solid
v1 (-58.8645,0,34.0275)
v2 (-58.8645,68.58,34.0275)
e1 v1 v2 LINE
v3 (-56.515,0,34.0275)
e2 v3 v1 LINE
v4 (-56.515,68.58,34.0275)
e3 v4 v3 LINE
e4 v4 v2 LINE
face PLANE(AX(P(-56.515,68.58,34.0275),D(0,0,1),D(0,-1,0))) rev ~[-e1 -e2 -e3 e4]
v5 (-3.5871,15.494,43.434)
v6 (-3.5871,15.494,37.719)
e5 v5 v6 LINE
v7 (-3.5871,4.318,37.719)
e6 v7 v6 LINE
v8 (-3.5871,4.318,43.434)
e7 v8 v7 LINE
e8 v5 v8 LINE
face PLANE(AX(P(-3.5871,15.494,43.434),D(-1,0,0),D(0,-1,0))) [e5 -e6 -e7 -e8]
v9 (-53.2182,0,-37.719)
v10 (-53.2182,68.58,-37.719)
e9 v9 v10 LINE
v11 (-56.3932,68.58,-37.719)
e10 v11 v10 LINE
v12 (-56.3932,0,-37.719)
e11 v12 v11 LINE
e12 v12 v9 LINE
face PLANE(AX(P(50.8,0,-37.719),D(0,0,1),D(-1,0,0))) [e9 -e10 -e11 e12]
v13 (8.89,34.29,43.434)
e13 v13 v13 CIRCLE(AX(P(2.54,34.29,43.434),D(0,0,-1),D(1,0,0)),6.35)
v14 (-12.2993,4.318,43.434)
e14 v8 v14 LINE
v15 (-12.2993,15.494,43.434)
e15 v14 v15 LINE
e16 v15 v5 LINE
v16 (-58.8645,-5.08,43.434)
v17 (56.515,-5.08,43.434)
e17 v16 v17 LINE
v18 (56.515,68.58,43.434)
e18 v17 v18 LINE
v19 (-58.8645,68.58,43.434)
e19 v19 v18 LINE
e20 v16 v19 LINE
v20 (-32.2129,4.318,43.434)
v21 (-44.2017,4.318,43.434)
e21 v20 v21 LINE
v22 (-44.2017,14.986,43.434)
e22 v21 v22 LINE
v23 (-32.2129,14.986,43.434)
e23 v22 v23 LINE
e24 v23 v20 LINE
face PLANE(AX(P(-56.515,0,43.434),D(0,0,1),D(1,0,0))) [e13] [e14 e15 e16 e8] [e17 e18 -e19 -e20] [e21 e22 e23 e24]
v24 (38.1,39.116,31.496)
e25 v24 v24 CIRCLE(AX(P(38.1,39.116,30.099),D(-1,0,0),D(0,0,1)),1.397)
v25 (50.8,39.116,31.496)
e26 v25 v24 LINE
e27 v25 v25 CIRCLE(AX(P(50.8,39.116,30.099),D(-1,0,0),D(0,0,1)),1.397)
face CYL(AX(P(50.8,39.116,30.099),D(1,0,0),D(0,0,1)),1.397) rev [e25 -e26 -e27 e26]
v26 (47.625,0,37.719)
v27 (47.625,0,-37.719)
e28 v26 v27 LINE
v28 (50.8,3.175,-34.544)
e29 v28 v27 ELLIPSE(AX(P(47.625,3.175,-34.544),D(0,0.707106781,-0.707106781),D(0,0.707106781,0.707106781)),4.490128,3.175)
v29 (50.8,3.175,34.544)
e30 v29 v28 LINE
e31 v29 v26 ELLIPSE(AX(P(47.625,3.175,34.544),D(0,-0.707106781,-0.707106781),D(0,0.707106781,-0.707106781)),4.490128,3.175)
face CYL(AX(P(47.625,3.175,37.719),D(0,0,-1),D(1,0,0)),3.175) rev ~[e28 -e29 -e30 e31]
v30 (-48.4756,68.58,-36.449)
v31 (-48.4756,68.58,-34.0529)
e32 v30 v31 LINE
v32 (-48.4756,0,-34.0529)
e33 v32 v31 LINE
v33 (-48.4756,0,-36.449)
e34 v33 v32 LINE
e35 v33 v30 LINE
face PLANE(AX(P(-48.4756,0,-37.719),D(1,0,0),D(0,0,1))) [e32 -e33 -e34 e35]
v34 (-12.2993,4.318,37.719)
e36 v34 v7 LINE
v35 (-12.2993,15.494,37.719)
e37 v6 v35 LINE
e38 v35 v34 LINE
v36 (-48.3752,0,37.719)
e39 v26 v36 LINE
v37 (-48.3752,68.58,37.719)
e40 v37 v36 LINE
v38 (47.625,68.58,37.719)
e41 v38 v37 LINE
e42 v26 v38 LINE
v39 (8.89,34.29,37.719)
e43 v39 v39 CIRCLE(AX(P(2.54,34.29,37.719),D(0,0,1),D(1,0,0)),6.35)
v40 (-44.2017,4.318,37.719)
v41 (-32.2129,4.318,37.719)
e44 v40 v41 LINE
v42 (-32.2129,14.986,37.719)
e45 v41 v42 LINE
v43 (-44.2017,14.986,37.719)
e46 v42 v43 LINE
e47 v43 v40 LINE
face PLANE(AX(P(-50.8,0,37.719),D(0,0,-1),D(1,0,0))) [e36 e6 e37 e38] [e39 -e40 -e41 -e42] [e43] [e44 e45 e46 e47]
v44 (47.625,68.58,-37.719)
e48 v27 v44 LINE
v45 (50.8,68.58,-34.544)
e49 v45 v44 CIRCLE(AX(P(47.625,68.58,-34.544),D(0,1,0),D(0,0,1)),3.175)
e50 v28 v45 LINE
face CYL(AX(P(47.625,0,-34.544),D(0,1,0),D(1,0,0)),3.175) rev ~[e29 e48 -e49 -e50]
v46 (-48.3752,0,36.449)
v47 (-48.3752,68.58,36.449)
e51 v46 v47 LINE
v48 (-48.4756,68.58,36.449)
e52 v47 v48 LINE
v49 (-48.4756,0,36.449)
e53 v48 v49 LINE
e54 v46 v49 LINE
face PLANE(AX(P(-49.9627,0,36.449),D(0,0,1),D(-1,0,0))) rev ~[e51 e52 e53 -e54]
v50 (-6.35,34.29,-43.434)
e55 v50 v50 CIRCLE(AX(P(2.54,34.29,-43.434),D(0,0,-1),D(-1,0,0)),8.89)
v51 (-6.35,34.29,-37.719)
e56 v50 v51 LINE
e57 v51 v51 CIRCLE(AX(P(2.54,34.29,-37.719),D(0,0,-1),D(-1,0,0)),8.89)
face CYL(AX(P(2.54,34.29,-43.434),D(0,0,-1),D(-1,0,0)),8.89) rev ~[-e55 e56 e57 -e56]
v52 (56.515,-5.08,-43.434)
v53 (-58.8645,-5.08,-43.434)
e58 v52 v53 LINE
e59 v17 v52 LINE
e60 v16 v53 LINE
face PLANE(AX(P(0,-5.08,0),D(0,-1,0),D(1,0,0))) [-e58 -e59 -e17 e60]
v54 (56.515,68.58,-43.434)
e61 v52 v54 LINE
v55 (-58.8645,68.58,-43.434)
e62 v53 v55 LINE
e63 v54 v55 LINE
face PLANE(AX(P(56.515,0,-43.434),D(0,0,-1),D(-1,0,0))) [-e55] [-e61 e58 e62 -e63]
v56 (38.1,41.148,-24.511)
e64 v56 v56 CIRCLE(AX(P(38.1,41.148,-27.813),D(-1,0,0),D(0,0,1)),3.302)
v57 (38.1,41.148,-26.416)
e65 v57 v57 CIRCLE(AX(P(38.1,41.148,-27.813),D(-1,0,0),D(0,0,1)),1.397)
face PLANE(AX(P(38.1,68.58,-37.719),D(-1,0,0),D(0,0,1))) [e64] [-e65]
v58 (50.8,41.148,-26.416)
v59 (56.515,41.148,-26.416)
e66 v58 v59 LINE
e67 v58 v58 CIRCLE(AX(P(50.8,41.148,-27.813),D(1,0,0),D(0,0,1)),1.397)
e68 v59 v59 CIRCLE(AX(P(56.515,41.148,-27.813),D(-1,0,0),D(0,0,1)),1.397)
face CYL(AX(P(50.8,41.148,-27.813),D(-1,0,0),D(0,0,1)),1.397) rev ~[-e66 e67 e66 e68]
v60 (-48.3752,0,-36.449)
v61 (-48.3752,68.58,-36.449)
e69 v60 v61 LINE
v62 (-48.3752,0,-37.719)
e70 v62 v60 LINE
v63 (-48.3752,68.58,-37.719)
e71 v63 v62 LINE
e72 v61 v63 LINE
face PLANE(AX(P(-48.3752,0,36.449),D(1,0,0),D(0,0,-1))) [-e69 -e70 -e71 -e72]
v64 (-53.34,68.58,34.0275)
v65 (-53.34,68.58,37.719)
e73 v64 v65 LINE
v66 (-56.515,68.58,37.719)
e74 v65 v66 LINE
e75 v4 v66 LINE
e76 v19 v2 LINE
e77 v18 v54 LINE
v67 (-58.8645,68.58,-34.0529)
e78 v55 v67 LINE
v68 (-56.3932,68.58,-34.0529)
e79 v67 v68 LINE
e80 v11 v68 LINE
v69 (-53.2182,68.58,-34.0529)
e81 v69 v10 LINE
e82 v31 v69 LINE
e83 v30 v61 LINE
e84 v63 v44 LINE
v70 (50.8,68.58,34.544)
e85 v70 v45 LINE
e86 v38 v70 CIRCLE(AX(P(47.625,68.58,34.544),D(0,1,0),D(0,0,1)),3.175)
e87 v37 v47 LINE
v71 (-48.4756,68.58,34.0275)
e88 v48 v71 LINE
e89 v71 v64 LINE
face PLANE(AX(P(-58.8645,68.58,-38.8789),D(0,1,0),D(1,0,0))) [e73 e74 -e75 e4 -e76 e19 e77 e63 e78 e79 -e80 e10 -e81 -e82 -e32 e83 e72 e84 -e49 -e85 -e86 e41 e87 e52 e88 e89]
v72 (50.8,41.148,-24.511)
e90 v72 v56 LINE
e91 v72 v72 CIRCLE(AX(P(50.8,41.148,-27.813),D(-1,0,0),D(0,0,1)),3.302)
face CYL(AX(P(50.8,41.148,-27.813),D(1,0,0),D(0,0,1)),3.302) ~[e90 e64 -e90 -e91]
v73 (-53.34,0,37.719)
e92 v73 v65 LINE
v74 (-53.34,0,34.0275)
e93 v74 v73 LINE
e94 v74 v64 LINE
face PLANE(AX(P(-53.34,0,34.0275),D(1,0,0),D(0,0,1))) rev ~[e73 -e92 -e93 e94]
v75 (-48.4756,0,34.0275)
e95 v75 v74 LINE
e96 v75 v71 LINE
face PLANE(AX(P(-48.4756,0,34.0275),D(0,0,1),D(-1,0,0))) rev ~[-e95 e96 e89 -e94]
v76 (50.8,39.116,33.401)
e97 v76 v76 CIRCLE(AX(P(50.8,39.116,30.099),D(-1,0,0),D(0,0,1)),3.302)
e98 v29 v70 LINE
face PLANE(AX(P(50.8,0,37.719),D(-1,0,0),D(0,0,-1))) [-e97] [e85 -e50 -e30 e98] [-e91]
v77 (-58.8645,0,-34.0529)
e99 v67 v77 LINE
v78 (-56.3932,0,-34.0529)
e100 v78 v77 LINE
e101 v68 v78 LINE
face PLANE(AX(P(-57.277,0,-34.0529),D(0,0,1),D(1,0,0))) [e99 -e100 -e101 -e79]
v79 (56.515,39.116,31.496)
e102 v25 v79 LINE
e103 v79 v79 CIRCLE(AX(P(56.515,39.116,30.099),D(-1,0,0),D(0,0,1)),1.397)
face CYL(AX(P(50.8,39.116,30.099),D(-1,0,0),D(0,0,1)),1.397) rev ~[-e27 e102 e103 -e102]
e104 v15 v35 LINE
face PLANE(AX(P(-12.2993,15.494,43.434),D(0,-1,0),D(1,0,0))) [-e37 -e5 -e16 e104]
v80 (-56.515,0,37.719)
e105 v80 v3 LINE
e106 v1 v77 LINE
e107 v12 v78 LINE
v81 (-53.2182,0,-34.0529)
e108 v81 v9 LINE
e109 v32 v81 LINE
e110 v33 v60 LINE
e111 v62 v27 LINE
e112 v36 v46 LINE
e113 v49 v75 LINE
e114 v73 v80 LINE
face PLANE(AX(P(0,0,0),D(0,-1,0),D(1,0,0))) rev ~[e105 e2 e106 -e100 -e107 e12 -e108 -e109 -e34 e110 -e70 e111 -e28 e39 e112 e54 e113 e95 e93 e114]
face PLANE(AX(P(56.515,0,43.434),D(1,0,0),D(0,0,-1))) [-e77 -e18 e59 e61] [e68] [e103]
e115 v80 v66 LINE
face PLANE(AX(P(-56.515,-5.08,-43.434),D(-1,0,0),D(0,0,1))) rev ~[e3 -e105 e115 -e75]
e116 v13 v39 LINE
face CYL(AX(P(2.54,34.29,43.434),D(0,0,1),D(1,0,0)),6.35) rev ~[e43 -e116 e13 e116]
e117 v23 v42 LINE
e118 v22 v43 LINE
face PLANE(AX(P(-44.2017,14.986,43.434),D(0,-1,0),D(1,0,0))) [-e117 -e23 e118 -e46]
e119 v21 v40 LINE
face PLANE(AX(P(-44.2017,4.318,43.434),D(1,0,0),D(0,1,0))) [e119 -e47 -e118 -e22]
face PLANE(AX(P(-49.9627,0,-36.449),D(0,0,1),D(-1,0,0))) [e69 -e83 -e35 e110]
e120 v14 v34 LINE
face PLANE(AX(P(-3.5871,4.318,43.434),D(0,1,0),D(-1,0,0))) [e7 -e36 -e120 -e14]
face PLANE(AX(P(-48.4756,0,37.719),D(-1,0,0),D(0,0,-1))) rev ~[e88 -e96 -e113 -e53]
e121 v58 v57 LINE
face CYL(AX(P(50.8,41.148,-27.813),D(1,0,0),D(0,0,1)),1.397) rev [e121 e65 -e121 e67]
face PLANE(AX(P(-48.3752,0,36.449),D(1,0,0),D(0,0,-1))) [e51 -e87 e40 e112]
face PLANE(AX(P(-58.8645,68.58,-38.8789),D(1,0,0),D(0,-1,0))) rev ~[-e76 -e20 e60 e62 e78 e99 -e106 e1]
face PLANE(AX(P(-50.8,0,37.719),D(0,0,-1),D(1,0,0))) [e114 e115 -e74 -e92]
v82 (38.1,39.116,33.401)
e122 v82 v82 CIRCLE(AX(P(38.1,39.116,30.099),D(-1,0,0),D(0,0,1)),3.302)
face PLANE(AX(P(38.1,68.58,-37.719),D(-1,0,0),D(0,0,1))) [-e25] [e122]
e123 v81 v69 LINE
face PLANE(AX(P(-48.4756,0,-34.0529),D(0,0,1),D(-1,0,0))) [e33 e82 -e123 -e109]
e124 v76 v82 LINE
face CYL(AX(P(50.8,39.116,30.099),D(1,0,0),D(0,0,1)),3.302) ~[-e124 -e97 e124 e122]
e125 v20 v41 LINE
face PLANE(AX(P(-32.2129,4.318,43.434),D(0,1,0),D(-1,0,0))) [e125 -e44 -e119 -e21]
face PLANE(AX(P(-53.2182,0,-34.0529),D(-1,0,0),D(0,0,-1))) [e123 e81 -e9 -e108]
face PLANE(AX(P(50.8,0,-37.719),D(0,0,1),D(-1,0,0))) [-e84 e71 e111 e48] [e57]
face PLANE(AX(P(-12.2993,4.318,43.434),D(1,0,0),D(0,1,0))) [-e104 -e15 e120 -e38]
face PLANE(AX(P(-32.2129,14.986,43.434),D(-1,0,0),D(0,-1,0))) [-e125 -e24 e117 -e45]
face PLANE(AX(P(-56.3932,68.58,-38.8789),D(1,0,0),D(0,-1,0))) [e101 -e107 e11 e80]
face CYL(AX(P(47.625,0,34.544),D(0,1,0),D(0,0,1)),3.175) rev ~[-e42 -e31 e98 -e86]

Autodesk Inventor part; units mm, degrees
ref_plane "YZ Plane" through (0, 0, 0) normal (1, 0, 0) x (0, 1, 0)
ref_plane "XZ Plane" through (0, 0, 0) normal (0, 1, 0) x (-1, 0, 0)
ref_plane "XY Plane" through (0, 0, 0) normal (0, 0, 1) x (1, 0, 0)
sketch "Sketch1" plane through (0, 0, 0) normal (0, 1, 0) x (-1, 0, 0)
  line L0 (50.8, 37.719) -> (-50.8, 37.719)
  line L1 (-50.8, 37.719) -> (-50.8, -37.719)
  line L2 (-50.8, -37.719) -> (50.8, -37.719)
  line L3 (50.8, -37.719) -> (50.8, 37.719)
  line L4 (50.8, 37.719) -> (-50.8, -37.719) construction
  line L5 (-50.8, 37.719) -> (50.8, -37.719) construction
  line L6 (56.515, 43.434) -> (-56.515, 43.434)
  line L7 (-56.515, 43.434) -> (-56.515, -43.434)
  line L8 (-56.515, -43.434) -> (56.515, -43.434)
  line L9 (56.515, -43.434) -> (56.515, 43.434)
  line L10 (56.515, 43.434) -> (-56.515, -43.434) construction
  line L11 (-56.515, 43.434) -> (56.515, -43.434) construction
  point P0 (0, 0)
  dimension "d0" = 101.6
  dimension "d1" = 75.438
  dimension "d2" = 113.03
  dimension "d3" = 86.868
extrude "Extrusion1" add sketch "Sketch1" along normal blind 68.58
sketch "Sketch2" plane through (0, 0, 0) normal (0, -1, 0) x (1, 0, 0)
  line L0 (-50.8, 37.719) -> (50.8, 37.719) projected
  line L1 (-50.8, 37.719) -> (-41.656, 37.719)
  line L2 (-50.8, 37.719) -> (-50.8, -37.719) projected
  line L3 (-41.656, 37.719) -> (-50.8, 37.719)
  line L4 (-50.8, 37.719) -> (-41.656, 37.719)
  point P0 (0, 0)
  dimension "d6" = 9.144
sketch "Sketch3" plane through (-56.515, 0, 43.434) normal (0, 0, 1) x (1, 0, 0)
  line L0 (12.3133, 0) -> (12.3133, 10.668)
  line L1 (12.3133, 10.668) -> (12.3133, 14.986)
  line L2 (12.3133, 14.986) -> (24.3021, 14.986)
  line L3 (24.3021, 14.986) -> (24.3021, 4.318)
  line L4 (24.3021, 4.318) -> (12.3133, 4.318)
  line L5 (0, 0) -> (113.03, 0) projected
  line L6 (24.3021, 4.318) -> (44.2157, 4.318)
  line L7 (44.2157, 4.318) -> (44.2157, 15.494)
  line L8 (44.2157, 15.494) -> (52.9279, 15.494)
  line L9 (52.9279, 15.494) -> (52.9279, 4.318)
  line L10 (52.9279, 4.318) -> (44.2157, 4.318)
  point P0 (56.515, 0)
  dimension "d7" = 10.668
  dimension "d8" = 4.318
  dimension "d9" = 11.9888
  dimension "d10" = 10.668
  dimension "d11" = 19.9136
  dimension "d12" = 11.176
  dimension "d13" = 8.7122
extrude "Extrusion2" cut sketch "Sketch3" against normal blind 68.58
sketch "Sketch4" plane through (50.8, 0, 37.719) normal (-1, 0, 0) x (0, 0, 1)
  line L0 (0, 0) -> (-75.438, 0) projected
  line L1 (-75.438, 0) -> (-34.29, 0)
  line L2 (-34.29, 0) -> (-75.438, 0)
  line L3 (-75.438, 0) -> (-75.438, 68.58) projected
  line L4 (-75.438, 0) -> (-75.438, 41.148)
  line L5 (-75.438, 41.148) -> (-65.532, 41.148)
  line L6 (-65.532, 41.148) -> (-75.438, 41.148)
  line L7 (0, 0) -> (0, 68.58) projected
  line L8 (0, 68.58) -> (0, 39.116)
  line L9 (0, 39.116) -> (0, 46.736)
  line L10 (0, 46.736) -> (0, 39.116)
  line L11 (0, 39.116) -> (-7.62, 39.116)
  line L12 (-7.62, 39.116) -> (0, 39.116)
  circle A0 centre (-7.62, 39.116) radius 1.397
  circle A1 centre (-65.532, 41.148) radius 1.397
  point P0 (-37.719, 0)
  dimension "d16" = 41.148
  dimension "d17" = 41.148
  dimension "d18" = 9.906
  dimension "d19" = 29.464
  dimension "d20" = 7.62
  dimension "d21" = 7.62
  dimension "d22" = 2.794
  dimension "d23" = 2.794
extrude "Extrusion3" cut sketch "Sketch4" against normal blind 68.58
sketch "Sketch5" plane through (-56.515, 0, 43.434) normal (0, 0, 1) x (1, 0, 0)
  point P0 (56.515, 0)
sketch "Sketch6" plane through (-56.515, 0, 43.434) normal (0, 0, 1) x (1, 0, 0)
  line L0 (0, 0) -> (0, 68.58) projected
  line L1 (113.03, 0) -> (113.03, 68.58) projected
  line L2 (0, 68.58) -> (113.03, 0)
  line L3 (113.03, 0) -> (0, 68.58)
  line L4 (0, 68.58) -> (113.03, 68.58) projected
  line L5 (113.03, 68.58) -> (5.08, 0)
  line L6 (5.08, 0) -> (113.03, 68.58)
  circle A0 centre (59.055, 34.29) radius 6.35
  point P0 (56.515, 0)
  dimension "d26" = 12.7
extrude "Extrusion4" cut sketch "Sketch6" against normal blind 109.855 contours A0 L5 L2 | L2 L5 A0 | L5 L2 A0 | L5 A0 L2
sketch "Sketch7" plane through (0, 0, 0) normal (0, -1, 0) x (1, 0, 0)
  line L0 (-56.515, 43.434) -> (56.515, 43.434) projected
  line L1 (56.515, 43.434) -> (56.515, -43.434) projected
  line L2 (-56.515, 43.434) -> (56.515, 43.434)
  line L3 (56.515, 43.434) -> (56.515, -43.434)
  line L4 (56.515, -43.434) -> (-56.515, -43.434)
  line L5 (-56.515, -43.434) -> (-56.515, 43.434)
  point P0 (0, 0)
extrude "Extrusion5" add sketch "Sketch7" along normal blind 5.08
sketch "Sketch9" plane through (0, 68.58, 0) normal (0, 1, 0) x (1, 0, 0)
  point P0 (0, 0)
sketch "Sketch10" plane through (50.8, 68.58, -37.719) normal (-1, 0, 0) x (0, 0, 1)
  circle A0 centre (67.818, -29.464) radius 1.397 projected
  circle A1 centre (67.818, -29.464) radius 3.302
  circle A2 centre (9.906, -27.432) radius 1.397 projected
  circle A3 centre (9.906, -27.432) radius 3.302
  point P0 (37.719, -68.58)
  dimension "d36" = 6.604
  dimension "d37" = 6.604
extrude "Extrusion7" add sketch "Sketch10" along normal blind 12.7
sketch "Sketch11" plane through (-56.515, 68.58, -43.434) normal (-1, 0, 0) x (0, 0, 1)
  line L0 (5.715, -68.58) -> (5.715, 0) projected
  line L1 (81.153, -68.58) -> (81.153, 0) projected
  line L2 (5.715, 0) -> (81.153, 0)
  line L3 (81.153, 0) -> (81.153, -68.58)
  line L4 (81.153, -68.58) -> (5.715, -68.58)
  line L5 (5.715, -68.58) -> (5.715, 0)
  point P0 (43.434, -68.58)
extrude "Extrusion8" cut sketch "Sketch11" against normal blind 12.7
fillet "Fillet2" radius 3.175 3 edges at (50.8, 34.29, -37.719) (50.8, 0, 0) (50.8, 34.29, 37.719)
sketch "Sketch12" plane through (56.515, 68.58, -43.434) normal (0, 0, -1) x (-1, 0, 0)
  circle A0 centre (53.975, -34.29) radius 4.445
  circle A1 centre (53.975, -34.29) radius 8.89
  circle A2 centre (53.975, -34.29) radius 6.35 projected
  point P0 (56.515, -68.58)
  dimension "d43" = 8.89
  dimension "d44" = 17.78
extrude "Extrusion9" cut sketch "Sketch12" against normal blind 12.7 contours A1
sketch "Sketch13" plane through (0, 0, 0) normal (0, 1, 0) x (1, 0, 0)
  line L0 (-56.515, 37.719) -> (47.625, 37.719) projected
  line L1 (-50.7189, 37.719) -> (-49.9627, 37.719)
  line L2 (-49.9627, 37.719) -> (-49.9627, 36.449)
  line L3 (-49.9627, 36.449) -> (-50.7189, 36.449)
  line L4 (-50.7189, 36.449) -> (-50.7189, 37.719)
  line L5 (-56.515, -37.719) -> (47.625, -37.719) projected
  line L6 (-50.7189, -37.719) -> (-49.9627, -37.719)
  line L7 (-49.9627, -37.719) -> (-49.9627, -36.449)
  line L8 (-49.9627, -36.449) -> (-50.7189, -36.449)
  line L9 (-50.7189, -36.449) -> (-50.7189, -37.719)
  point P0 (0, 0)
  dimension "d47" = 1.27
  dimension "d48" = 1.27
extrude "Extrusion10" add sketch "Sketch13" along normal blind 68.58
sketch "Sketch14" plane through (-56.515, -5.08, -43.434) normal (-1, 0, 0) x (0, 0, 1)
  point P0 (43.434, 5.08)
sketch "Sketch15" plane through (-56.515, -5.08, -43.434) normal (-1, 0, 0) x (0, 0, 1)
  line L0 (0, 73.66) -> (5.715, 73.66) projected
  line L1 (86.868, 0) -> (0, 0) projected
  line L2 (0, 73.66) -> (4.5789, 73.66)
  line L3 (4.5789, 73.66) -> (4.5789, 0)
  line L4 (4.5789, 0) -> (0, 0)
  line L5 (0, 0) -> (0, 73.66)
  line L6 (81.153, 73.66) -> (86.868, 73.66) projected
  line L7 (86.868, 73.66) -> (77.4615, 73.66)
  line L8 (77.4615, 73.66) -> (77.4615, 0)
  line L9 (77.4615, 0) -> (86.868, 0)
  line L10 (86.868, 0) -> (86.868, 73.66)
  line L11 (4.5789, 0) -> (77.4615, 0)
  line L12 (77.4615, 0) -> (77.4615, 5.08)
  line L13 (77.4615, 5.08) -> (4.5789, 5.08)
  line L14 (4.5789, 5.08) -> (4.5789, 0)
  point P0 (43.434, 5.08)
extrude "Extrusion11" add sketch "Sketch15" along normal blind 0.762
sketch "Sketch16" plane through (-57.277, -5.08, -43.434) normal (-1, 0, 0) x (0, 0, 1)
  line L0 (0, 0) -> (86.868, 0) projected
  line L1 (0, 73.66) -> (4.5551, 73.66)
  line L2 (4.5551, 73.66) -> (4.5551, 0)
  line L3 (4.5551, 0) -> (0, 0)
  line L4 (0, 0) -> (0, 73.66)
  line L5 (86.868, 73.66) -> (77.4615, 73.66) projected
  line L6 (86.868, 0) -> (86.868, 73.66) projected
  line L7 (77.4615, 73.66) -> (86.868, 73.66)
  line L8 (86.868, 73.66) -> (86.868, 0)
  line L9 (86.868, 0) -> (77.4615, 0)
  line L10 (77.4615, 0) -> (77.4615, 73.66)
  line L11 (79.883, 5.08) -> (81.153, 5.08) projected
  line L12 (79.883, 5.08) -> (4.5551, 5.08)
  line L13 (4.5551, 5.08) -> (4.5551, 0)
  line L14 (4.5551, 0) -> (79.883, 0)
  line L15 (79.883, 0) -> (79.883, 5.08)
  point P0 (43.434, 5.08)
extrude "Extrusion12" add sketch "Sketch16" along normal blind 1.5875
sketch "Sketch17" plane through (-49.9627, 0, 36.449) normal (1, 0, 0) x (0, 0, -1)
  line L0 (-1.27, 68.58) -> (0, 68.58) projected
  line L1 (0, 68.58) -> (-1.27, 68.58)
  line L2 (-1.27, 68.58) -> (-1.27, 0)
  line L3 (-1.27, 0) -> (0, 0)
  line L4 (0, 0) -> (0, 68.58)
  line L5 (74.168, 0) -> (72.898, 0) projected
  line L6 (72.898, 0) -> (72.898, 68.58) projected
  line L7 (74.168, 0) -> (72.898, 0)
  line L8 (72.898, 0) -> (72.898, 68.58)
  line L9 (72.898, 68.58) -> (74.168, 68.58)
  line L10 (74.168, 68.58) -> (74.168, 0)
  point P0 (36.449, 0)
extrude "Extrusion13" add sketch "Sketch17" along normal blind 1.5875
sketch "Sketch18" plane through (-50.7189, 0, -36.449) normal (-1, 0, 0) x (0, 0, 1)
  point P0 (36.449, 0)
sketch "Sketch19" plane through (-57.277, 0, -38.8789) normal (0, 0, 1) x (1, 0, 0)
  line L0 (-1.5875, 68.58) -> (-1.5875, -5.08) projected
  line L1 (-1.5875, 68.58) -> (0.8838, 68.58)
  line L2 (0.8838, 68.58) -> (0.8838, 0)
  line L3 (0.8838, 0) -> (-1.5875, 0)
  line L4 (-1.5875, 0) -> (-1.5875, 68.58)
  point P0 (57.277, 0)
extrude "Extrusion14" add sketch "Sketch19" along normal blind 4.826
sketch "Sketch20" plane through (0, 68.58, 0) normal (0, 1, 0) x (1, 0, 0)
  point P0 (0, 0)
sketch "Sketch21" plane through (0, 0, 0) normal (0, 1, 0) x (1, 0, 0)
  line L0 (-56.515, -37.719) -> (-56.515, -34.0275) projected
  line L1 (-56.515, -37.719) -> (-53.34, -37.719)
  line L2 (-50.7189, -37.719) -> (-56.515, -37.719) projected
  line L3 (-53.34, -37.719) -> (-56.515, -37.719)
  line L4 (-56.3932, 37.719) -> (-56.3932, 34.0529) projected
  line L5 (-56.3932, 37.719) -> (-53.2182, 37.719)
  line L6 (-56.3932, 37.719) -> (-50.7189, 37.719) projected
  line L7 (-53.2182, 37.719) -> (-56.3932, 37.719)
  line L8 (-53.2182, 37.719) -> (-48.4756, 37.719)
  line L9 (-48.4756, 37.719) -> (-48.4756, 34.0529)
  line L10 (-48.4756, 34.0529) -> (-53.2182, 34.0529)
  line L11 (-53.2182, 34.0529) -> (-53.2182, 37.719)
  line L12 (-53.34, -37.719) -> (-48.4756, -37.719)
  line L13 (-48.4756, -37.719) -> (-48.4756, -34.0275)
  line L14 (-48.4756, -34.0275) -> (-53.34, -34.0275)
  line L15 (-53.34, -34.0275) -> (-53.34, -37.719)
  point P0 (0, 0)
  dimension "d59" = 3.175
  dimension "d60" = 3.175
extrude "Extrusion15" add sketch "Sketch21" along normal blind 68.58
properties part number "Boxpt1"
